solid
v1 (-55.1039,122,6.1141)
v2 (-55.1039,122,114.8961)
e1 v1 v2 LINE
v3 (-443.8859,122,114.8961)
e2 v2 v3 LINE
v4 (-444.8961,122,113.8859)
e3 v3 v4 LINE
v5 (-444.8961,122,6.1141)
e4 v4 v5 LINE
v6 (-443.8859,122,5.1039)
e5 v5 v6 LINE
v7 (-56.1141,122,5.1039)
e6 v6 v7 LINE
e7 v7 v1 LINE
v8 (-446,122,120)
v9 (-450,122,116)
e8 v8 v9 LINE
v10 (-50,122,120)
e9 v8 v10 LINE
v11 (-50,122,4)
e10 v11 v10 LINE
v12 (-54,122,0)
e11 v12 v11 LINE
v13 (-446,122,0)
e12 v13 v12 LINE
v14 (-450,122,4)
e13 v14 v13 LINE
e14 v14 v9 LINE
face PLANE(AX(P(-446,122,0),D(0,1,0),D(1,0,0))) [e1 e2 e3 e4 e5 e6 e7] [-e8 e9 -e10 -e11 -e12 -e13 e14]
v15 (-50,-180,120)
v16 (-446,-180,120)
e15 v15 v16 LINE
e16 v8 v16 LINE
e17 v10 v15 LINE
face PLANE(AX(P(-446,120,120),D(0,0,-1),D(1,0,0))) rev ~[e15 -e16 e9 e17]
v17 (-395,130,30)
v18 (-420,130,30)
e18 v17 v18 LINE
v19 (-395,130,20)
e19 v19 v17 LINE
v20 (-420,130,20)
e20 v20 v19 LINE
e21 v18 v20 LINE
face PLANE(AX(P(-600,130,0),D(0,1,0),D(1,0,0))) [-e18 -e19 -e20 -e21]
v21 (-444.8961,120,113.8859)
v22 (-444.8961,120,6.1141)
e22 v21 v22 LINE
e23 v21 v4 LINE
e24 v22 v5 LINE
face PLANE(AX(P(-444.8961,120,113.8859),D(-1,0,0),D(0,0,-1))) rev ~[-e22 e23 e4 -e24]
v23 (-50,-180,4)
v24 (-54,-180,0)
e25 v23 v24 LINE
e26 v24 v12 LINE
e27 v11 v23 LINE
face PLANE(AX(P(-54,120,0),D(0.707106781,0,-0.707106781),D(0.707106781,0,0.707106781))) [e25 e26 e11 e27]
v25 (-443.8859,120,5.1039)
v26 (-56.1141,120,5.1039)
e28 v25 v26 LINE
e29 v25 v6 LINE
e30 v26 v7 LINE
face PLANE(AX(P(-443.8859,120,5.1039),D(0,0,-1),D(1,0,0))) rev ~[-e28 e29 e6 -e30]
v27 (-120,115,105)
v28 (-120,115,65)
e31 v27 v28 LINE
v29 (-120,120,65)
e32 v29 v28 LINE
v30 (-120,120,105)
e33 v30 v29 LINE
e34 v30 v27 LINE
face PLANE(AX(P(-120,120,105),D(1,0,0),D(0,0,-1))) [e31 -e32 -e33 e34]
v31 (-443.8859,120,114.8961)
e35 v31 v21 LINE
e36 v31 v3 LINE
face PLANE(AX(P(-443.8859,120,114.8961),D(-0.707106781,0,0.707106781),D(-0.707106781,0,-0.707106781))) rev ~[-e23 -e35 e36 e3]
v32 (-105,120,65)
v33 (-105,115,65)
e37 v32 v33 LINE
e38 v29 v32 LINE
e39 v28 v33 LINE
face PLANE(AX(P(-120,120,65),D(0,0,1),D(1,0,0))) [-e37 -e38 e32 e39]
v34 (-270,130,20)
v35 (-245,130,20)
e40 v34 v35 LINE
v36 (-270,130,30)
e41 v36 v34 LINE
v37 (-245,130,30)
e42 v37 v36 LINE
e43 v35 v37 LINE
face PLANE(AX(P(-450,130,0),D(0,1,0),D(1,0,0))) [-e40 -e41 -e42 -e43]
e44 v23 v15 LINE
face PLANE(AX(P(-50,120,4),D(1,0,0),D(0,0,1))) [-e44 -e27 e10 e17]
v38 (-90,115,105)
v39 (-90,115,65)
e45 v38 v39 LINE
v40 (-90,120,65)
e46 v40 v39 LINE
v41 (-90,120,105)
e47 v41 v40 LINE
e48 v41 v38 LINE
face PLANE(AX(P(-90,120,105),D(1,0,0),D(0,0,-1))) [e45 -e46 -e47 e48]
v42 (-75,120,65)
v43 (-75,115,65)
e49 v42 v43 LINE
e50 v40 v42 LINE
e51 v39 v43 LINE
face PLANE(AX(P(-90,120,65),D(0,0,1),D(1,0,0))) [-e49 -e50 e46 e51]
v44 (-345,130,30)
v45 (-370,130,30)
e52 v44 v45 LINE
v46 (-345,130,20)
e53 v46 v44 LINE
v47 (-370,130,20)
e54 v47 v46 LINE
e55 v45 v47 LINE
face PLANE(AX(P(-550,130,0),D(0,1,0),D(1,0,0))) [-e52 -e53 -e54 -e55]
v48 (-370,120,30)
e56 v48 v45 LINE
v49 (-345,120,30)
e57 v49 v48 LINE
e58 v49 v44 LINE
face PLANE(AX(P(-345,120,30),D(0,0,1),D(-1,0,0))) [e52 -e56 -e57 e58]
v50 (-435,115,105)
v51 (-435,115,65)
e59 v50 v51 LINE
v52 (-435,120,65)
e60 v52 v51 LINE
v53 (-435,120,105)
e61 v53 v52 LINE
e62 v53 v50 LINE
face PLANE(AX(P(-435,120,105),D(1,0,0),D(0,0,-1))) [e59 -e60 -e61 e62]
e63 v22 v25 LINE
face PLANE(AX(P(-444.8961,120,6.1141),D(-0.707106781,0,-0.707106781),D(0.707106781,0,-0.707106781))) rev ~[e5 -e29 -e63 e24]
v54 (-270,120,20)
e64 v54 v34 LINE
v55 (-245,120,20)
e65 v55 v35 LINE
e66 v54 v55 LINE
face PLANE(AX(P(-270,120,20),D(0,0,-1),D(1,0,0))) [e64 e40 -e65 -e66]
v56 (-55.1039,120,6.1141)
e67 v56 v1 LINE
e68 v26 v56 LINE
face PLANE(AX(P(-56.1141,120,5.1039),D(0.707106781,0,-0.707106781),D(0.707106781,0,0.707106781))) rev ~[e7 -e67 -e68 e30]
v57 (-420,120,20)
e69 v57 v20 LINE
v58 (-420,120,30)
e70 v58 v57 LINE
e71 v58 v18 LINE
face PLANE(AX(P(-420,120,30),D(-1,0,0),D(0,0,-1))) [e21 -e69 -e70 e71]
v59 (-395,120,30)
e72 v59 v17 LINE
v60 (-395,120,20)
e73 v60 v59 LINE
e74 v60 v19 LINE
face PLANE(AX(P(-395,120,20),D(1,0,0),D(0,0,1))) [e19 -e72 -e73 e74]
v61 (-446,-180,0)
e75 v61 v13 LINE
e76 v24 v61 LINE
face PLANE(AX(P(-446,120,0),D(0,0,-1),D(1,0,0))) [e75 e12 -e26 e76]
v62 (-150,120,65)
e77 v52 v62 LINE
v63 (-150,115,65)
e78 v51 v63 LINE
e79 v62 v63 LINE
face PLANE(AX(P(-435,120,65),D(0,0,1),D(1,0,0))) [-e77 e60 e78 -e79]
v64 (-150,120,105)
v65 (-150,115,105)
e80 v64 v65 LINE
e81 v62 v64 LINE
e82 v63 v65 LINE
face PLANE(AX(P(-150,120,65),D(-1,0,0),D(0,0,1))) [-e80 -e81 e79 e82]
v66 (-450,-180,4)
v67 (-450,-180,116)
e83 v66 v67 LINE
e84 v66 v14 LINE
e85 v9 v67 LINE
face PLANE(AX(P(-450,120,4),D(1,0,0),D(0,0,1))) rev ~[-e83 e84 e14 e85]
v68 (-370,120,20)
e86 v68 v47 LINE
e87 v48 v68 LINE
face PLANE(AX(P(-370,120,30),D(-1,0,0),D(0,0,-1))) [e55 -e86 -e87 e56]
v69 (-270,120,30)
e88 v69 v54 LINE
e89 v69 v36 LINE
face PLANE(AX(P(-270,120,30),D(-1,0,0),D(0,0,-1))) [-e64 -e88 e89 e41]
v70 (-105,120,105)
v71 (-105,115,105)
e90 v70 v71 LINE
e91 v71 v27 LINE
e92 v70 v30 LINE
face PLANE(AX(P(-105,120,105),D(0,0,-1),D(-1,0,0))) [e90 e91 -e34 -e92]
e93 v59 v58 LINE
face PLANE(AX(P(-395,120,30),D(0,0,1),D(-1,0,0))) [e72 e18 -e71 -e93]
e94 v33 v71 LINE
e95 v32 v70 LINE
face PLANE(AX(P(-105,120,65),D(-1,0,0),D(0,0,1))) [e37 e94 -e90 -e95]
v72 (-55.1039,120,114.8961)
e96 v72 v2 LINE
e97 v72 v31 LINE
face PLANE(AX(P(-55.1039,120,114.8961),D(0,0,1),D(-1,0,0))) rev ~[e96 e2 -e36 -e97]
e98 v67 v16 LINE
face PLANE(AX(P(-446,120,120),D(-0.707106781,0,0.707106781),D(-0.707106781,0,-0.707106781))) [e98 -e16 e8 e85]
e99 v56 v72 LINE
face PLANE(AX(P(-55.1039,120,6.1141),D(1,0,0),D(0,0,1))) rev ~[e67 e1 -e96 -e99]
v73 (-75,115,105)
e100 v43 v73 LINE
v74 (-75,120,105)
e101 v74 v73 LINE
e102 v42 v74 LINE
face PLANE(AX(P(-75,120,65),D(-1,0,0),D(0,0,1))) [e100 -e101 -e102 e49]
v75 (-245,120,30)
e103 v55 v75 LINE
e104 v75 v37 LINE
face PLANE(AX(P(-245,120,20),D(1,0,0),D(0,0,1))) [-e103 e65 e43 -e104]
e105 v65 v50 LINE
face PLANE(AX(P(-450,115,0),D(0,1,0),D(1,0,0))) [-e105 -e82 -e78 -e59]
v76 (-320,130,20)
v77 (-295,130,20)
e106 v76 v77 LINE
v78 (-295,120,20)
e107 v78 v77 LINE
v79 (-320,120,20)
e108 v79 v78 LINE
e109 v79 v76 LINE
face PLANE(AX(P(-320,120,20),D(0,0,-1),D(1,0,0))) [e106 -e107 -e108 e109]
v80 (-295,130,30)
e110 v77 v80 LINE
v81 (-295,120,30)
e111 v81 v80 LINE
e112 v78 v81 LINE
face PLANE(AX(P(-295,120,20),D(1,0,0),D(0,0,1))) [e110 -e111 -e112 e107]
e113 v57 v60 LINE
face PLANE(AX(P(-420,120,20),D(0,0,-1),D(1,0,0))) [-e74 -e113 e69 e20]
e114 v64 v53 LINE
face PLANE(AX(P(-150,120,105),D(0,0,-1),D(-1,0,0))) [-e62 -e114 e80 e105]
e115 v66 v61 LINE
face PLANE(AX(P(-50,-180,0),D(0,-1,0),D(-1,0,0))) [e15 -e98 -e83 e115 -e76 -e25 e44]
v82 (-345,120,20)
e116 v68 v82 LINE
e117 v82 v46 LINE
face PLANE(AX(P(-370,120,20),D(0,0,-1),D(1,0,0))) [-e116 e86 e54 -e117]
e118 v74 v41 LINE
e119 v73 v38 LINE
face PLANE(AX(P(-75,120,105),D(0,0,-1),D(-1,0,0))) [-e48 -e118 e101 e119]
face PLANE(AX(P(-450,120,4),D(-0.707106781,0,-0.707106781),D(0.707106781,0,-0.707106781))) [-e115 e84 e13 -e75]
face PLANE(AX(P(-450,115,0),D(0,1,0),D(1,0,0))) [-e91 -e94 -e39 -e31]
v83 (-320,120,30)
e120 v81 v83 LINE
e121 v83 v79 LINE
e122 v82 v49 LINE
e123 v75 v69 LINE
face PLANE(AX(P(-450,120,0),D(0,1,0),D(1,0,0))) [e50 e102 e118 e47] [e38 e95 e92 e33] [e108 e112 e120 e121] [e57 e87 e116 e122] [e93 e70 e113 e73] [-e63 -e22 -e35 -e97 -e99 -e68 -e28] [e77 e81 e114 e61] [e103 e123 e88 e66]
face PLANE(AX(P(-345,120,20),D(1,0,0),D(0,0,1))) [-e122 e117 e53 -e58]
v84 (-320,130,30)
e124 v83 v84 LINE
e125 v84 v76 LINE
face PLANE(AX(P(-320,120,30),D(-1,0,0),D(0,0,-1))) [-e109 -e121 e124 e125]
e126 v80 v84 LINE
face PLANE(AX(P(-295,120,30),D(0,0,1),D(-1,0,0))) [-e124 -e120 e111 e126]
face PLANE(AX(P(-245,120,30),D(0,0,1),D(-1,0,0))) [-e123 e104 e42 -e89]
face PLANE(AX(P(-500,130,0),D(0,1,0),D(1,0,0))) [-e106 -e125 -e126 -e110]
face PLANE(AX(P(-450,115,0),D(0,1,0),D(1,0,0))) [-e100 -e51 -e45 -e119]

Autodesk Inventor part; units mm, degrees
ref_plane "YZ Plane" through (0, 0, 0) normal (1, 0, 0) x (0, 1, 0)
ref_plane "XZ Plane" through (0, 0, 0) normal (0, 1, 0) x (-1, 0, 0)
ref_plane "XY Plane" through (0, 0, 0) normal (0, 0, 1) x (1, 0, 0)
sketch "Sketch1" plane through (0, 0, 0) normal (0, 0, 1) x (1, 0, 0)
  line L0 (-50, -180) -> (-450, -180)
  line L1 (-450, -180) -> (-450, 120)
  line L2 (-450, 120) -> (-50, 120)
  line L3 (-50, 120) -> (-50, -180)
  point P0 (0, 0)
  dimension "d0" = 50
  dimension "d1" = 300
  dimension "d2" = 400
  dimension "d3" = 120
extrude "Extrusion1" add sketch "Sketch1" along normal blind 120
sketch "Sketch2" plane through (-450, 120, 0) normal (0, 1, 0) x (1, 0, 0)
  line L0 (0, 0) -> (400, 0) projected
  line L1 (0, 0) -> (0, -120) projected
  line L2 (0, -120) -> (400, -120) projected
  line L3 (400, 0) -> (400, -120) projected
  line L4 (205, -30) -> (180, -30)
  line L5 (180, -30) -> (180, -20)
  line L6 (180, -20) -> (205, -20)
  line L7 (205, -20) -> (205, -30)
  dimension "d6" = 25
  dimension "d7" = 10
  dimension "d8" = 20
  dimension "d9" = 220
extrude "Extrusion2" add sketch "Sketch2" along normal blind 10 contours L4 L5 L6 L7
pattern_linear "Rectangular Pattern1" count 4 spacing 50 along (-1, 0, 0) of "Extrusion2"
sketch "Sketch3" plane through (-450, 120, 0) normal (0, 1, 0) x (1, 0, 0)
  line L0 (0, -120) -> (400, -120) projected
  line L1 (400, 0) -> (400, -120) projected
  line L2 (0, 0) -> (400, 0) projected
  line L3 (0, 0) -> (0, -120) projected
  line L4 (15, -65) -> (300, -65)
  line L5 (300, -65) -> (300, -105)
  line L6 (300, -105) -> (15, -105)
  line L7 (15, -105) -> (15, -65)
  line L8 (330, -65) -> (345, -65)
  line L9 (345, -65) -> (345, -105)
  line L10 (345, -105) -> (330, -105)
  line L11 (330, -105) -> (330, -65)
  line L12 (360, -65) -> (375, -65)
  line L13 (375, -65) -> (375, -105)
  line L14 (375, -105) -> (360, -105)
  line L15 (360, -105) -> (360, -65)
  point P0 (450, 0)
  dimension "d15" = 65
  dimension "d16" = 15
  dimension "d17" = 15
  dimension "d18" = 100
  dimension "d21" = 30
  dimension "d22" = 15
  dimension "d23" = 15
extrude "Extrusion3" cut sketch "Sketch3" against normal blind 5 contours L4 L5 L6 L7 | L8 L9 L10 L11 | L12 L13 L14 L15
chamfer "Chamfer1" distance 4 angle 45 3 edges at (-450, -30, 120) (-450, -30, 0) (-50, -30, 0)
sketch "Sketch4" plane through (-446, 120, 0) normal (0, 1, 0) x (1, 0, 0)
  line L0 (392, 0) -> (396, -4) projected
  line L1 (0, 0) -> (392, 0) projected
  line L2 (-4, -4) -> (0, 0) projected
  line L3 (-4, -4) -> (-4, -116) projected
  line L4 (0, -120) -> (-4, -116) projected
  line L5 (0, -120) -> (396, -120) projected
  line L6 (396, -4) -> (396, -120) projected
  line L7 (389.8859, -5.1039) -> (390.8961, -6.1141)
  line L8 (390.8961, -6.1141) -> (390.8961, -114.8961)
  line L9 (390.8961, -114.8961) -> (2.1141, -114.8961)
  line L10 (2.1141, -114.8961) -> (1.1039, -113.8859)
  line L11 (1.1039, -113.8859) -> (1.1039, -6.1141)
  line L12 (1.1039, -6.1141) -> (2.1141, -5.1039)
  line L13 (2.1141, -5.1039) -> (389.8859, -5.1039)
  point P0 (446, 0)
extrude "Extrusion4" add sketch "Sketch4" along normal blind 2
properties part number "AbstractBox"
